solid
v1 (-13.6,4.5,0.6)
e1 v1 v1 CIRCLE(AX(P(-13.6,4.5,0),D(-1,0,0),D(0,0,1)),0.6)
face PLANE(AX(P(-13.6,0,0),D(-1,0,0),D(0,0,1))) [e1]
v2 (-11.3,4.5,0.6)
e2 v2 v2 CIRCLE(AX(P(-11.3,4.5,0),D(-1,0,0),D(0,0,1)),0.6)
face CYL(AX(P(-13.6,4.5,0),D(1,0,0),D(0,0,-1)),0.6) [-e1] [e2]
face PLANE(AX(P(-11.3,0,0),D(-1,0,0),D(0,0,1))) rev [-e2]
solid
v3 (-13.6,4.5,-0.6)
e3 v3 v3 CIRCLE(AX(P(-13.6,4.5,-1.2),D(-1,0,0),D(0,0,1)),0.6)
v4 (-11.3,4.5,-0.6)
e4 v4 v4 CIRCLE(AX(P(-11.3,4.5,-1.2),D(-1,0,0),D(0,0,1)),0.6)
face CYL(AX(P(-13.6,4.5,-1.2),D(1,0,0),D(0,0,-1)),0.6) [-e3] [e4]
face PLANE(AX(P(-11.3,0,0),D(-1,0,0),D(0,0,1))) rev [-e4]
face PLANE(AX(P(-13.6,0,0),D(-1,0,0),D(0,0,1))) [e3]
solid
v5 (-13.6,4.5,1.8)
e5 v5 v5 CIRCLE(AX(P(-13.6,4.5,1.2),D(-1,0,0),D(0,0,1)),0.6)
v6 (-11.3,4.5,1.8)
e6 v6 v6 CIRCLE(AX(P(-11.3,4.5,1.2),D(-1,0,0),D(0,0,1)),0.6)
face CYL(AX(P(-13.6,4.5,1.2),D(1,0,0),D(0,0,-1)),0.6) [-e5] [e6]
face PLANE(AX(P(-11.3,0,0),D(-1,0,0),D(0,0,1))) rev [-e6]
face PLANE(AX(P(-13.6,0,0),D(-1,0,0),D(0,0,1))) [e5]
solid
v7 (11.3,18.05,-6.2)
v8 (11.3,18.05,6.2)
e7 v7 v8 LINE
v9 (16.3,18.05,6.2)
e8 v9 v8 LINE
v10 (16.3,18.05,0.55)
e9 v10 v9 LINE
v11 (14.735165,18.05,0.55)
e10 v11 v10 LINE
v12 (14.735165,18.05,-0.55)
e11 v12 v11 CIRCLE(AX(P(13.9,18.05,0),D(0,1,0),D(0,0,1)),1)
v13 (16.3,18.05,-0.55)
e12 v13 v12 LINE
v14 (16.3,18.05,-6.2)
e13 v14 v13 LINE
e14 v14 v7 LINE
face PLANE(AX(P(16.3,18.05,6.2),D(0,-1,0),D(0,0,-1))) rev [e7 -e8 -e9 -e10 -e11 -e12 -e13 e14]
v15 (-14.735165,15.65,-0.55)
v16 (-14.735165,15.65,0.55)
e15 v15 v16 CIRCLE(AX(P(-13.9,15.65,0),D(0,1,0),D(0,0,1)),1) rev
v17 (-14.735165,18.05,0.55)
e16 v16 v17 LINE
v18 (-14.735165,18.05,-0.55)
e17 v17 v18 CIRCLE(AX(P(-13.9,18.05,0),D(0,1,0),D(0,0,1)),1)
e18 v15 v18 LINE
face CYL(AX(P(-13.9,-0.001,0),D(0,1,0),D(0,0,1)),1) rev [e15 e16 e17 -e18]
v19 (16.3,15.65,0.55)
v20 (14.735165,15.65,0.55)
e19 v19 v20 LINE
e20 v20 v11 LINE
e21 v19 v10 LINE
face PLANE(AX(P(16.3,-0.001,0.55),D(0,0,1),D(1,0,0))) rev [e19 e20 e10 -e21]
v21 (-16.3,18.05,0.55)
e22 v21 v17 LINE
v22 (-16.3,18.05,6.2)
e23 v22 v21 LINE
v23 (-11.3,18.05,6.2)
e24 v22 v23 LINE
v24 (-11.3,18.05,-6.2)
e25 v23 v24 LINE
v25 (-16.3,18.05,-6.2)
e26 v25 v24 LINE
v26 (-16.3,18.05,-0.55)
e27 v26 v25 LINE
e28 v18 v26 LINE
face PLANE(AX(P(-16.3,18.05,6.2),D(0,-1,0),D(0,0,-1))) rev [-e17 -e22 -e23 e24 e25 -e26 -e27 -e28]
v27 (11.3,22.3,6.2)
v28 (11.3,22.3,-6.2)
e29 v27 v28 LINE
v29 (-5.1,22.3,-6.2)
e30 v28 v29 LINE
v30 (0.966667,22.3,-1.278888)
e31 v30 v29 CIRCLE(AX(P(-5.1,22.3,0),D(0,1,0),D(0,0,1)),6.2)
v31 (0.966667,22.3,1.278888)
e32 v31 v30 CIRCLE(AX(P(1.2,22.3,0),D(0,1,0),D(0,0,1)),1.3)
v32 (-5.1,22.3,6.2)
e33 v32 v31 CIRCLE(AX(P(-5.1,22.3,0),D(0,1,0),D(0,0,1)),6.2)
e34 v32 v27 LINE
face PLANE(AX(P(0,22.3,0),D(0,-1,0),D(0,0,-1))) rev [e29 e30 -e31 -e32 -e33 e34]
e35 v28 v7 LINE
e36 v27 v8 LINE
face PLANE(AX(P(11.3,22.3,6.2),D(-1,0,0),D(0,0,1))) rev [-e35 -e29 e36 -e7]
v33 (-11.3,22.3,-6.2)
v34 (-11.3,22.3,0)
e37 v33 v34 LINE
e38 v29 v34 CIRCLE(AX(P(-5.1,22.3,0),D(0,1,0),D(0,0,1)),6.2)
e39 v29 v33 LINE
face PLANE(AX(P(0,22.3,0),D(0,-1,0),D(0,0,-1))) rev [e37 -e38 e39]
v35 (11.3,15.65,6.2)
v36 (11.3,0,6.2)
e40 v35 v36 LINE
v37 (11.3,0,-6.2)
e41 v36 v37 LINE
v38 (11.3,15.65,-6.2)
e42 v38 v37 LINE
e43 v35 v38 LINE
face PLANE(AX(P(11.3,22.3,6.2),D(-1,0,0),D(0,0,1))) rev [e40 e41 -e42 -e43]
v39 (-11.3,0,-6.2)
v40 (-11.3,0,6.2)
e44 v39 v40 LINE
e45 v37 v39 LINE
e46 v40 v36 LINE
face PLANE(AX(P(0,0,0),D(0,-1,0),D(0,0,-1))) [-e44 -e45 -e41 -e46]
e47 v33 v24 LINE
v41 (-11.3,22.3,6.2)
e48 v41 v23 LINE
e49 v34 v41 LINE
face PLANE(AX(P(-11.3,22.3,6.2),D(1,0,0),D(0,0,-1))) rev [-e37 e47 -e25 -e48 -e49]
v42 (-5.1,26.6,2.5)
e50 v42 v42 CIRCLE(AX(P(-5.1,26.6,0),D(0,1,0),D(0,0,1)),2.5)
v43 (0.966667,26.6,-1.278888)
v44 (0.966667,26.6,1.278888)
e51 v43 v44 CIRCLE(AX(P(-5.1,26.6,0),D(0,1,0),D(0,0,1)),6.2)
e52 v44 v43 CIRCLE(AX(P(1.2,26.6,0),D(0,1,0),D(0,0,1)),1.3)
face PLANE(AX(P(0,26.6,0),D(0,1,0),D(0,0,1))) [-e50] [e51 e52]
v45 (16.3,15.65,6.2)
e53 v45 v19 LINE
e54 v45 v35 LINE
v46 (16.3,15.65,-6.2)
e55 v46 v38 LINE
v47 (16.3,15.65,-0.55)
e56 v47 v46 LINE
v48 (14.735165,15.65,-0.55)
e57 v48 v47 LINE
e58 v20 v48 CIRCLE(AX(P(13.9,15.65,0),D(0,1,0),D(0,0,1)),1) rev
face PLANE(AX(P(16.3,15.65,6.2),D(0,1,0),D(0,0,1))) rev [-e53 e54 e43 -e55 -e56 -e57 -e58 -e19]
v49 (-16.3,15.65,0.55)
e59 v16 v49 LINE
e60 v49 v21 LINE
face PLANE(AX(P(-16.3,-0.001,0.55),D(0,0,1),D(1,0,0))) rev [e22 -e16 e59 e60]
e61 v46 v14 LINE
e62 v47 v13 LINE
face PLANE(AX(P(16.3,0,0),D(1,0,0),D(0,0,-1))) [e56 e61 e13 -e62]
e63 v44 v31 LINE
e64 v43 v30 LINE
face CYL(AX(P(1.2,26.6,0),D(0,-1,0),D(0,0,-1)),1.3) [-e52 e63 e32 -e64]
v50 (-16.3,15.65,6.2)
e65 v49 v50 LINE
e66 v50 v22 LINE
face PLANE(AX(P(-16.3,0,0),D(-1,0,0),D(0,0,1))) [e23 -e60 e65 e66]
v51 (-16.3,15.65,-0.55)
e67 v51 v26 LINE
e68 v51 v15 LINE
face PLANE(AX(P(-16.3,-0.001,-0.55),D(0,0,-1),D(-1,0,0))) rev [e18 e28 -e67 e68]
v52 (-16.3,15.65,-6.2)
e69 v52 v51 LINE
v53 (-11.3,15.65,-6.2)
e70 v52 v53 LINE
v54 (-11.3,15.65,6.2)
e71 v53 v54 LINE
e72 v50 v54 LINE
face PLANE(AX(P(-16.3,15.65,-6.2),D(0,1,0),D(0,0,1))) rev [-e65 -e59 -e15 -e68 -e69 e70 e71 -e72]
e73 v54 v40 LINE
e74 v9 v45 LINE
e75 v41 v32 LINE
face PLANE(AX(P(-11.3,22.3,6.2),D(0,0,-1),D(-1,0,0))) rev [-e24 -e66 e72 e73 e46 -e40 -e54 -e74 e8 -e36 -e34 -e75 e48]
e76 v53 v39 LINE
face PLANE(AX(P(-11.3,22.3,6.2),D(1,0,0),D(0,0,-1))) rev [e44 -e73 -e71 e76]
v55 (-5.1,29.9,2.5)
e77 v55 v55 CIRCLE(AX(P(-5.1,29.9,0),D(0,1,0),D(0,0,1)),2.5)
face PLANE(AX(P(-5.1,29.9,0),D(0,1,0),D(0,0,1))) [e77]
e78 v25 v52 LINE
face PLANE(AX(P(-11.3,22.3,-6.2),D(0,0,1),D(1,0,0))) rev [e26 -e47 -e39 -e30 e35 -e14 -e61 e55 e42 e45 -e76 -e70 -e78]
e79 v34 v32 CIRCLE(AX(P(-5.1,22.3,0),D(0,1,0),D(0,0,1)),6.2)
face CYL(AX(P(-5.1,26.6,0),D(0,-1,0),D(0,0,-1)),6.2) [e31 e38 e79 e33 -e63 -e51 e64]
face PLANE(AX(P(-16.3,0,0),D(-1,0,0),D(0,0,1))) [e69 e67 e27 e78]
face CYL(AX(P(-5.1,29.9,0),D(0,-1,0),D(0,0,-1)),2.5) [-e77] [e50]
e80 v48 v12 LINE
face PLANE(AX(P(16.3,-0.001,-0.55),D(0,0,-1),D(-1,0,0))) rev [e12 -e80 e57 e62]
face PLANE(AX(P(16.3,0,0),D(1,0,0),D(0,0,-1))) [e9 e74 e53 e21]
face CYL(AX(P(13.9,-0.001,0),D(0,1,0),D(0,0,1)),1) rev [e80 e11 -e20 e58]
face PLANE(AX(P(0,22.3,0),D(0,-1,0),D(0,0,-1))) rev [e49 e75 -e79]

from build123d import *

# Parameters (mm, degrees)
SKETCH1_W             = 22.6
SKETCH1_H             = 12.4
BOSS_EXTRUDE1_DEPTH   = 22.3
SKETCH2_W             = 12.4
SKETCH2_H             = 2.4
BOSS_EXTRUDE2_DEPTH   = 5
SKETCH3_W             = 12.4
SKETCH3_H             = 2.4
BOSS_EXTRUDE3_DEPTH   = 5
CUT_EXTRUDE1_REACH    = 27.098
BOSS_EXTRUDE4_DEPTH   = 4.3
SKETCH7_R             = 2.5
BOSS_EXTRUDE5_DEPTH   = 3.3
SKETCH8_R             = 0.6
BOSS_EXTRUDE7_DEPTH   = 2.3
BOSS_EXTRUDE7_2_DEPTH = 2.3
BOSS_EXTRUDE7_3_DEPTH = 2.3


with BuildPart() as part:
    # Sketch1 → Boss-Extrude1 (new body)
    with BuildSketch(Plane(origin=(0, 0, 0), x_dir=(1, 0, 0), z_dir=(0, 1, 0))):
        Rectangle(SKETCH1_W, SKETCH1_H)
    extrude(amount=BOSS_EXTRUDE1_DEPTH)

    # Sketch2 → Boss-Extrude2 (add)
    with BuildSketch(Plane(origin=(11.3, 0, 0), x_dir=(0, 0, -1), z_dir=(1, 0, 0))):
        with Locations((0, 16.85)):
            Rectangle(SKETCH2_W, SKETCH2_H)
    extrude(amount=BOSS_EXTRUDE2_DEPTH)

    # Sketch3 → Boss-Extrude3 (add)
    with BuildSketch(Plane.ZY.offset(11.3)):
        with Locations((0, 16.85)):
            Rectangle(SKETCH3_W, SKETCH3_H)
    extrude(amount=BOSS_EXTRUDE3_DEPTH)

    # Sketch4 → Cut-Extrude1 (cut, up to next)
    with BuildSketch(Plane(origin=(0, 18.05, 0), x_dir=(1, 0, 0), z_dir=(0, 1, 0)), mode=Mode.PRIVATE) as cut_extrude1_sk1:
        with BuildLine():
            Line((-16.3, 0.55), (-14.735164654, 0.55))
            ThreePointArc((-14.735164654, 0.55), (-12.9, 0), (-14.735164654, -0.55))
            Line((-14.735164654, -0.55), (-16.3, -0.55))
            Line((-16.3, -0.55), (-16.3, 0.55))
        make_face()
    cut_extrude1_tool1 = extrude(cut_extrude1_sk1.sketch, amount=-CUT_EXTRUDE1_REACH, mode=Mode.PRIVATE) & part.part
    # Sketch4 → Cut-Extrude1 (cut, up to next)
    with BuildSketch(Plane(origin=(0, 18.05, 0), x_dir=(1, 0, 0), z_dir=(0, 1, 0)), mode=Mode.PRIVATE) as cut_extrude1_sk2:
        with BuildLine():
            Line((16.3, -0.55), (14.735164654, -0.55))
            ThreePointArc((14.735164654, -0.55), (12.9, 0), (14.735164654, 0.55))
            Line((14.735164654, 0.55), (16.3, 0.55))
            Line((16.3, 0.55), (16.3, -0.55))
        make_face()
    cut_extrude1_tool2 = extrude(cut_extrude1_sk2.sketch, amount=-CUT_EXTRUDE1_REACH, mode=Mode.PRIVATE) & part.part
    add(cut_extrude1_tool1.solids().sort_by_distance((-14.464034, 18.05, 0))[0], mode=Mode.SUBTRACT)
    add(cut_extrude1_tool2.solids().sort_by_distance((14.464034, 18.05, 0))[0], mode=Mode.SUBTRACT)

    # Sketch6 → Boss-Extrude4 (add)
    with BuildSketch(Plane(origin=(0, 22.3, 0), x_dir=(1, 0, 0), z_dir=(0, 1, 0))):
        with BuildLine():
            ThreePointArc((0.966666667, -1.278888406), (2.5, 0), (0.966666667, 1.278888406))
            ThreePointArc((0.966666667, 1.278888406), (-11.3, 0), (0.966666667, -1.278888406))
        make_face()
    extrude(amount=BOSS_EXTRUDE4_DEPTH)

    # Sketch7 → Boss-Extrude5 (add)
    with BuildSketch(Plane(origin=(0, 26.6, 0), x_dir=(1, 0, 0), z_dir=(0, 1, 0))):
        with Locations(Location((-5.1, 0, 0), (0, 0, 270))):
            Circle(SKETCH7_R)
    extrude(amount=BOSS_EXTRUDE5_DEPTH)


with BuildPart() as body_2:
    # Sketch8 → Boss-Extrude7 (new body)
    with BuildSketch(Plane.ZY.offset(11.3)):
        with Locations((0, 4.5)):
            Circle(SKETCH8_R)
    extrude(amount=BOSS_EXTRUDE7_DEPTH)


with BuildPart() as body_3:
    # Sketch8 → Boss-Extrude7 2 (new body)
    with BuildSketch(Plane.ZY.offset(11.3)):
        with Locations((-1.2, 4.5)):
            Circle(SKETCH8_R)
    extrude(amount=BOSS_EXTRUDE7_2_DEPTH)


with BuildPart() as body_4:
    # Sketch8 → Boss-Extrude7 3 (new body)
    with BuildSketch(Plane.ZY.offset(11.3)):
        with Locations((1.2, 4.5)):
            Circle(SKETCH8_R)
    extrude(amount=BOSS_EXTRUDE7_3_DEPTH)


solid = Compound([part.part, body_2.part, body_3.part, body_4.part])
